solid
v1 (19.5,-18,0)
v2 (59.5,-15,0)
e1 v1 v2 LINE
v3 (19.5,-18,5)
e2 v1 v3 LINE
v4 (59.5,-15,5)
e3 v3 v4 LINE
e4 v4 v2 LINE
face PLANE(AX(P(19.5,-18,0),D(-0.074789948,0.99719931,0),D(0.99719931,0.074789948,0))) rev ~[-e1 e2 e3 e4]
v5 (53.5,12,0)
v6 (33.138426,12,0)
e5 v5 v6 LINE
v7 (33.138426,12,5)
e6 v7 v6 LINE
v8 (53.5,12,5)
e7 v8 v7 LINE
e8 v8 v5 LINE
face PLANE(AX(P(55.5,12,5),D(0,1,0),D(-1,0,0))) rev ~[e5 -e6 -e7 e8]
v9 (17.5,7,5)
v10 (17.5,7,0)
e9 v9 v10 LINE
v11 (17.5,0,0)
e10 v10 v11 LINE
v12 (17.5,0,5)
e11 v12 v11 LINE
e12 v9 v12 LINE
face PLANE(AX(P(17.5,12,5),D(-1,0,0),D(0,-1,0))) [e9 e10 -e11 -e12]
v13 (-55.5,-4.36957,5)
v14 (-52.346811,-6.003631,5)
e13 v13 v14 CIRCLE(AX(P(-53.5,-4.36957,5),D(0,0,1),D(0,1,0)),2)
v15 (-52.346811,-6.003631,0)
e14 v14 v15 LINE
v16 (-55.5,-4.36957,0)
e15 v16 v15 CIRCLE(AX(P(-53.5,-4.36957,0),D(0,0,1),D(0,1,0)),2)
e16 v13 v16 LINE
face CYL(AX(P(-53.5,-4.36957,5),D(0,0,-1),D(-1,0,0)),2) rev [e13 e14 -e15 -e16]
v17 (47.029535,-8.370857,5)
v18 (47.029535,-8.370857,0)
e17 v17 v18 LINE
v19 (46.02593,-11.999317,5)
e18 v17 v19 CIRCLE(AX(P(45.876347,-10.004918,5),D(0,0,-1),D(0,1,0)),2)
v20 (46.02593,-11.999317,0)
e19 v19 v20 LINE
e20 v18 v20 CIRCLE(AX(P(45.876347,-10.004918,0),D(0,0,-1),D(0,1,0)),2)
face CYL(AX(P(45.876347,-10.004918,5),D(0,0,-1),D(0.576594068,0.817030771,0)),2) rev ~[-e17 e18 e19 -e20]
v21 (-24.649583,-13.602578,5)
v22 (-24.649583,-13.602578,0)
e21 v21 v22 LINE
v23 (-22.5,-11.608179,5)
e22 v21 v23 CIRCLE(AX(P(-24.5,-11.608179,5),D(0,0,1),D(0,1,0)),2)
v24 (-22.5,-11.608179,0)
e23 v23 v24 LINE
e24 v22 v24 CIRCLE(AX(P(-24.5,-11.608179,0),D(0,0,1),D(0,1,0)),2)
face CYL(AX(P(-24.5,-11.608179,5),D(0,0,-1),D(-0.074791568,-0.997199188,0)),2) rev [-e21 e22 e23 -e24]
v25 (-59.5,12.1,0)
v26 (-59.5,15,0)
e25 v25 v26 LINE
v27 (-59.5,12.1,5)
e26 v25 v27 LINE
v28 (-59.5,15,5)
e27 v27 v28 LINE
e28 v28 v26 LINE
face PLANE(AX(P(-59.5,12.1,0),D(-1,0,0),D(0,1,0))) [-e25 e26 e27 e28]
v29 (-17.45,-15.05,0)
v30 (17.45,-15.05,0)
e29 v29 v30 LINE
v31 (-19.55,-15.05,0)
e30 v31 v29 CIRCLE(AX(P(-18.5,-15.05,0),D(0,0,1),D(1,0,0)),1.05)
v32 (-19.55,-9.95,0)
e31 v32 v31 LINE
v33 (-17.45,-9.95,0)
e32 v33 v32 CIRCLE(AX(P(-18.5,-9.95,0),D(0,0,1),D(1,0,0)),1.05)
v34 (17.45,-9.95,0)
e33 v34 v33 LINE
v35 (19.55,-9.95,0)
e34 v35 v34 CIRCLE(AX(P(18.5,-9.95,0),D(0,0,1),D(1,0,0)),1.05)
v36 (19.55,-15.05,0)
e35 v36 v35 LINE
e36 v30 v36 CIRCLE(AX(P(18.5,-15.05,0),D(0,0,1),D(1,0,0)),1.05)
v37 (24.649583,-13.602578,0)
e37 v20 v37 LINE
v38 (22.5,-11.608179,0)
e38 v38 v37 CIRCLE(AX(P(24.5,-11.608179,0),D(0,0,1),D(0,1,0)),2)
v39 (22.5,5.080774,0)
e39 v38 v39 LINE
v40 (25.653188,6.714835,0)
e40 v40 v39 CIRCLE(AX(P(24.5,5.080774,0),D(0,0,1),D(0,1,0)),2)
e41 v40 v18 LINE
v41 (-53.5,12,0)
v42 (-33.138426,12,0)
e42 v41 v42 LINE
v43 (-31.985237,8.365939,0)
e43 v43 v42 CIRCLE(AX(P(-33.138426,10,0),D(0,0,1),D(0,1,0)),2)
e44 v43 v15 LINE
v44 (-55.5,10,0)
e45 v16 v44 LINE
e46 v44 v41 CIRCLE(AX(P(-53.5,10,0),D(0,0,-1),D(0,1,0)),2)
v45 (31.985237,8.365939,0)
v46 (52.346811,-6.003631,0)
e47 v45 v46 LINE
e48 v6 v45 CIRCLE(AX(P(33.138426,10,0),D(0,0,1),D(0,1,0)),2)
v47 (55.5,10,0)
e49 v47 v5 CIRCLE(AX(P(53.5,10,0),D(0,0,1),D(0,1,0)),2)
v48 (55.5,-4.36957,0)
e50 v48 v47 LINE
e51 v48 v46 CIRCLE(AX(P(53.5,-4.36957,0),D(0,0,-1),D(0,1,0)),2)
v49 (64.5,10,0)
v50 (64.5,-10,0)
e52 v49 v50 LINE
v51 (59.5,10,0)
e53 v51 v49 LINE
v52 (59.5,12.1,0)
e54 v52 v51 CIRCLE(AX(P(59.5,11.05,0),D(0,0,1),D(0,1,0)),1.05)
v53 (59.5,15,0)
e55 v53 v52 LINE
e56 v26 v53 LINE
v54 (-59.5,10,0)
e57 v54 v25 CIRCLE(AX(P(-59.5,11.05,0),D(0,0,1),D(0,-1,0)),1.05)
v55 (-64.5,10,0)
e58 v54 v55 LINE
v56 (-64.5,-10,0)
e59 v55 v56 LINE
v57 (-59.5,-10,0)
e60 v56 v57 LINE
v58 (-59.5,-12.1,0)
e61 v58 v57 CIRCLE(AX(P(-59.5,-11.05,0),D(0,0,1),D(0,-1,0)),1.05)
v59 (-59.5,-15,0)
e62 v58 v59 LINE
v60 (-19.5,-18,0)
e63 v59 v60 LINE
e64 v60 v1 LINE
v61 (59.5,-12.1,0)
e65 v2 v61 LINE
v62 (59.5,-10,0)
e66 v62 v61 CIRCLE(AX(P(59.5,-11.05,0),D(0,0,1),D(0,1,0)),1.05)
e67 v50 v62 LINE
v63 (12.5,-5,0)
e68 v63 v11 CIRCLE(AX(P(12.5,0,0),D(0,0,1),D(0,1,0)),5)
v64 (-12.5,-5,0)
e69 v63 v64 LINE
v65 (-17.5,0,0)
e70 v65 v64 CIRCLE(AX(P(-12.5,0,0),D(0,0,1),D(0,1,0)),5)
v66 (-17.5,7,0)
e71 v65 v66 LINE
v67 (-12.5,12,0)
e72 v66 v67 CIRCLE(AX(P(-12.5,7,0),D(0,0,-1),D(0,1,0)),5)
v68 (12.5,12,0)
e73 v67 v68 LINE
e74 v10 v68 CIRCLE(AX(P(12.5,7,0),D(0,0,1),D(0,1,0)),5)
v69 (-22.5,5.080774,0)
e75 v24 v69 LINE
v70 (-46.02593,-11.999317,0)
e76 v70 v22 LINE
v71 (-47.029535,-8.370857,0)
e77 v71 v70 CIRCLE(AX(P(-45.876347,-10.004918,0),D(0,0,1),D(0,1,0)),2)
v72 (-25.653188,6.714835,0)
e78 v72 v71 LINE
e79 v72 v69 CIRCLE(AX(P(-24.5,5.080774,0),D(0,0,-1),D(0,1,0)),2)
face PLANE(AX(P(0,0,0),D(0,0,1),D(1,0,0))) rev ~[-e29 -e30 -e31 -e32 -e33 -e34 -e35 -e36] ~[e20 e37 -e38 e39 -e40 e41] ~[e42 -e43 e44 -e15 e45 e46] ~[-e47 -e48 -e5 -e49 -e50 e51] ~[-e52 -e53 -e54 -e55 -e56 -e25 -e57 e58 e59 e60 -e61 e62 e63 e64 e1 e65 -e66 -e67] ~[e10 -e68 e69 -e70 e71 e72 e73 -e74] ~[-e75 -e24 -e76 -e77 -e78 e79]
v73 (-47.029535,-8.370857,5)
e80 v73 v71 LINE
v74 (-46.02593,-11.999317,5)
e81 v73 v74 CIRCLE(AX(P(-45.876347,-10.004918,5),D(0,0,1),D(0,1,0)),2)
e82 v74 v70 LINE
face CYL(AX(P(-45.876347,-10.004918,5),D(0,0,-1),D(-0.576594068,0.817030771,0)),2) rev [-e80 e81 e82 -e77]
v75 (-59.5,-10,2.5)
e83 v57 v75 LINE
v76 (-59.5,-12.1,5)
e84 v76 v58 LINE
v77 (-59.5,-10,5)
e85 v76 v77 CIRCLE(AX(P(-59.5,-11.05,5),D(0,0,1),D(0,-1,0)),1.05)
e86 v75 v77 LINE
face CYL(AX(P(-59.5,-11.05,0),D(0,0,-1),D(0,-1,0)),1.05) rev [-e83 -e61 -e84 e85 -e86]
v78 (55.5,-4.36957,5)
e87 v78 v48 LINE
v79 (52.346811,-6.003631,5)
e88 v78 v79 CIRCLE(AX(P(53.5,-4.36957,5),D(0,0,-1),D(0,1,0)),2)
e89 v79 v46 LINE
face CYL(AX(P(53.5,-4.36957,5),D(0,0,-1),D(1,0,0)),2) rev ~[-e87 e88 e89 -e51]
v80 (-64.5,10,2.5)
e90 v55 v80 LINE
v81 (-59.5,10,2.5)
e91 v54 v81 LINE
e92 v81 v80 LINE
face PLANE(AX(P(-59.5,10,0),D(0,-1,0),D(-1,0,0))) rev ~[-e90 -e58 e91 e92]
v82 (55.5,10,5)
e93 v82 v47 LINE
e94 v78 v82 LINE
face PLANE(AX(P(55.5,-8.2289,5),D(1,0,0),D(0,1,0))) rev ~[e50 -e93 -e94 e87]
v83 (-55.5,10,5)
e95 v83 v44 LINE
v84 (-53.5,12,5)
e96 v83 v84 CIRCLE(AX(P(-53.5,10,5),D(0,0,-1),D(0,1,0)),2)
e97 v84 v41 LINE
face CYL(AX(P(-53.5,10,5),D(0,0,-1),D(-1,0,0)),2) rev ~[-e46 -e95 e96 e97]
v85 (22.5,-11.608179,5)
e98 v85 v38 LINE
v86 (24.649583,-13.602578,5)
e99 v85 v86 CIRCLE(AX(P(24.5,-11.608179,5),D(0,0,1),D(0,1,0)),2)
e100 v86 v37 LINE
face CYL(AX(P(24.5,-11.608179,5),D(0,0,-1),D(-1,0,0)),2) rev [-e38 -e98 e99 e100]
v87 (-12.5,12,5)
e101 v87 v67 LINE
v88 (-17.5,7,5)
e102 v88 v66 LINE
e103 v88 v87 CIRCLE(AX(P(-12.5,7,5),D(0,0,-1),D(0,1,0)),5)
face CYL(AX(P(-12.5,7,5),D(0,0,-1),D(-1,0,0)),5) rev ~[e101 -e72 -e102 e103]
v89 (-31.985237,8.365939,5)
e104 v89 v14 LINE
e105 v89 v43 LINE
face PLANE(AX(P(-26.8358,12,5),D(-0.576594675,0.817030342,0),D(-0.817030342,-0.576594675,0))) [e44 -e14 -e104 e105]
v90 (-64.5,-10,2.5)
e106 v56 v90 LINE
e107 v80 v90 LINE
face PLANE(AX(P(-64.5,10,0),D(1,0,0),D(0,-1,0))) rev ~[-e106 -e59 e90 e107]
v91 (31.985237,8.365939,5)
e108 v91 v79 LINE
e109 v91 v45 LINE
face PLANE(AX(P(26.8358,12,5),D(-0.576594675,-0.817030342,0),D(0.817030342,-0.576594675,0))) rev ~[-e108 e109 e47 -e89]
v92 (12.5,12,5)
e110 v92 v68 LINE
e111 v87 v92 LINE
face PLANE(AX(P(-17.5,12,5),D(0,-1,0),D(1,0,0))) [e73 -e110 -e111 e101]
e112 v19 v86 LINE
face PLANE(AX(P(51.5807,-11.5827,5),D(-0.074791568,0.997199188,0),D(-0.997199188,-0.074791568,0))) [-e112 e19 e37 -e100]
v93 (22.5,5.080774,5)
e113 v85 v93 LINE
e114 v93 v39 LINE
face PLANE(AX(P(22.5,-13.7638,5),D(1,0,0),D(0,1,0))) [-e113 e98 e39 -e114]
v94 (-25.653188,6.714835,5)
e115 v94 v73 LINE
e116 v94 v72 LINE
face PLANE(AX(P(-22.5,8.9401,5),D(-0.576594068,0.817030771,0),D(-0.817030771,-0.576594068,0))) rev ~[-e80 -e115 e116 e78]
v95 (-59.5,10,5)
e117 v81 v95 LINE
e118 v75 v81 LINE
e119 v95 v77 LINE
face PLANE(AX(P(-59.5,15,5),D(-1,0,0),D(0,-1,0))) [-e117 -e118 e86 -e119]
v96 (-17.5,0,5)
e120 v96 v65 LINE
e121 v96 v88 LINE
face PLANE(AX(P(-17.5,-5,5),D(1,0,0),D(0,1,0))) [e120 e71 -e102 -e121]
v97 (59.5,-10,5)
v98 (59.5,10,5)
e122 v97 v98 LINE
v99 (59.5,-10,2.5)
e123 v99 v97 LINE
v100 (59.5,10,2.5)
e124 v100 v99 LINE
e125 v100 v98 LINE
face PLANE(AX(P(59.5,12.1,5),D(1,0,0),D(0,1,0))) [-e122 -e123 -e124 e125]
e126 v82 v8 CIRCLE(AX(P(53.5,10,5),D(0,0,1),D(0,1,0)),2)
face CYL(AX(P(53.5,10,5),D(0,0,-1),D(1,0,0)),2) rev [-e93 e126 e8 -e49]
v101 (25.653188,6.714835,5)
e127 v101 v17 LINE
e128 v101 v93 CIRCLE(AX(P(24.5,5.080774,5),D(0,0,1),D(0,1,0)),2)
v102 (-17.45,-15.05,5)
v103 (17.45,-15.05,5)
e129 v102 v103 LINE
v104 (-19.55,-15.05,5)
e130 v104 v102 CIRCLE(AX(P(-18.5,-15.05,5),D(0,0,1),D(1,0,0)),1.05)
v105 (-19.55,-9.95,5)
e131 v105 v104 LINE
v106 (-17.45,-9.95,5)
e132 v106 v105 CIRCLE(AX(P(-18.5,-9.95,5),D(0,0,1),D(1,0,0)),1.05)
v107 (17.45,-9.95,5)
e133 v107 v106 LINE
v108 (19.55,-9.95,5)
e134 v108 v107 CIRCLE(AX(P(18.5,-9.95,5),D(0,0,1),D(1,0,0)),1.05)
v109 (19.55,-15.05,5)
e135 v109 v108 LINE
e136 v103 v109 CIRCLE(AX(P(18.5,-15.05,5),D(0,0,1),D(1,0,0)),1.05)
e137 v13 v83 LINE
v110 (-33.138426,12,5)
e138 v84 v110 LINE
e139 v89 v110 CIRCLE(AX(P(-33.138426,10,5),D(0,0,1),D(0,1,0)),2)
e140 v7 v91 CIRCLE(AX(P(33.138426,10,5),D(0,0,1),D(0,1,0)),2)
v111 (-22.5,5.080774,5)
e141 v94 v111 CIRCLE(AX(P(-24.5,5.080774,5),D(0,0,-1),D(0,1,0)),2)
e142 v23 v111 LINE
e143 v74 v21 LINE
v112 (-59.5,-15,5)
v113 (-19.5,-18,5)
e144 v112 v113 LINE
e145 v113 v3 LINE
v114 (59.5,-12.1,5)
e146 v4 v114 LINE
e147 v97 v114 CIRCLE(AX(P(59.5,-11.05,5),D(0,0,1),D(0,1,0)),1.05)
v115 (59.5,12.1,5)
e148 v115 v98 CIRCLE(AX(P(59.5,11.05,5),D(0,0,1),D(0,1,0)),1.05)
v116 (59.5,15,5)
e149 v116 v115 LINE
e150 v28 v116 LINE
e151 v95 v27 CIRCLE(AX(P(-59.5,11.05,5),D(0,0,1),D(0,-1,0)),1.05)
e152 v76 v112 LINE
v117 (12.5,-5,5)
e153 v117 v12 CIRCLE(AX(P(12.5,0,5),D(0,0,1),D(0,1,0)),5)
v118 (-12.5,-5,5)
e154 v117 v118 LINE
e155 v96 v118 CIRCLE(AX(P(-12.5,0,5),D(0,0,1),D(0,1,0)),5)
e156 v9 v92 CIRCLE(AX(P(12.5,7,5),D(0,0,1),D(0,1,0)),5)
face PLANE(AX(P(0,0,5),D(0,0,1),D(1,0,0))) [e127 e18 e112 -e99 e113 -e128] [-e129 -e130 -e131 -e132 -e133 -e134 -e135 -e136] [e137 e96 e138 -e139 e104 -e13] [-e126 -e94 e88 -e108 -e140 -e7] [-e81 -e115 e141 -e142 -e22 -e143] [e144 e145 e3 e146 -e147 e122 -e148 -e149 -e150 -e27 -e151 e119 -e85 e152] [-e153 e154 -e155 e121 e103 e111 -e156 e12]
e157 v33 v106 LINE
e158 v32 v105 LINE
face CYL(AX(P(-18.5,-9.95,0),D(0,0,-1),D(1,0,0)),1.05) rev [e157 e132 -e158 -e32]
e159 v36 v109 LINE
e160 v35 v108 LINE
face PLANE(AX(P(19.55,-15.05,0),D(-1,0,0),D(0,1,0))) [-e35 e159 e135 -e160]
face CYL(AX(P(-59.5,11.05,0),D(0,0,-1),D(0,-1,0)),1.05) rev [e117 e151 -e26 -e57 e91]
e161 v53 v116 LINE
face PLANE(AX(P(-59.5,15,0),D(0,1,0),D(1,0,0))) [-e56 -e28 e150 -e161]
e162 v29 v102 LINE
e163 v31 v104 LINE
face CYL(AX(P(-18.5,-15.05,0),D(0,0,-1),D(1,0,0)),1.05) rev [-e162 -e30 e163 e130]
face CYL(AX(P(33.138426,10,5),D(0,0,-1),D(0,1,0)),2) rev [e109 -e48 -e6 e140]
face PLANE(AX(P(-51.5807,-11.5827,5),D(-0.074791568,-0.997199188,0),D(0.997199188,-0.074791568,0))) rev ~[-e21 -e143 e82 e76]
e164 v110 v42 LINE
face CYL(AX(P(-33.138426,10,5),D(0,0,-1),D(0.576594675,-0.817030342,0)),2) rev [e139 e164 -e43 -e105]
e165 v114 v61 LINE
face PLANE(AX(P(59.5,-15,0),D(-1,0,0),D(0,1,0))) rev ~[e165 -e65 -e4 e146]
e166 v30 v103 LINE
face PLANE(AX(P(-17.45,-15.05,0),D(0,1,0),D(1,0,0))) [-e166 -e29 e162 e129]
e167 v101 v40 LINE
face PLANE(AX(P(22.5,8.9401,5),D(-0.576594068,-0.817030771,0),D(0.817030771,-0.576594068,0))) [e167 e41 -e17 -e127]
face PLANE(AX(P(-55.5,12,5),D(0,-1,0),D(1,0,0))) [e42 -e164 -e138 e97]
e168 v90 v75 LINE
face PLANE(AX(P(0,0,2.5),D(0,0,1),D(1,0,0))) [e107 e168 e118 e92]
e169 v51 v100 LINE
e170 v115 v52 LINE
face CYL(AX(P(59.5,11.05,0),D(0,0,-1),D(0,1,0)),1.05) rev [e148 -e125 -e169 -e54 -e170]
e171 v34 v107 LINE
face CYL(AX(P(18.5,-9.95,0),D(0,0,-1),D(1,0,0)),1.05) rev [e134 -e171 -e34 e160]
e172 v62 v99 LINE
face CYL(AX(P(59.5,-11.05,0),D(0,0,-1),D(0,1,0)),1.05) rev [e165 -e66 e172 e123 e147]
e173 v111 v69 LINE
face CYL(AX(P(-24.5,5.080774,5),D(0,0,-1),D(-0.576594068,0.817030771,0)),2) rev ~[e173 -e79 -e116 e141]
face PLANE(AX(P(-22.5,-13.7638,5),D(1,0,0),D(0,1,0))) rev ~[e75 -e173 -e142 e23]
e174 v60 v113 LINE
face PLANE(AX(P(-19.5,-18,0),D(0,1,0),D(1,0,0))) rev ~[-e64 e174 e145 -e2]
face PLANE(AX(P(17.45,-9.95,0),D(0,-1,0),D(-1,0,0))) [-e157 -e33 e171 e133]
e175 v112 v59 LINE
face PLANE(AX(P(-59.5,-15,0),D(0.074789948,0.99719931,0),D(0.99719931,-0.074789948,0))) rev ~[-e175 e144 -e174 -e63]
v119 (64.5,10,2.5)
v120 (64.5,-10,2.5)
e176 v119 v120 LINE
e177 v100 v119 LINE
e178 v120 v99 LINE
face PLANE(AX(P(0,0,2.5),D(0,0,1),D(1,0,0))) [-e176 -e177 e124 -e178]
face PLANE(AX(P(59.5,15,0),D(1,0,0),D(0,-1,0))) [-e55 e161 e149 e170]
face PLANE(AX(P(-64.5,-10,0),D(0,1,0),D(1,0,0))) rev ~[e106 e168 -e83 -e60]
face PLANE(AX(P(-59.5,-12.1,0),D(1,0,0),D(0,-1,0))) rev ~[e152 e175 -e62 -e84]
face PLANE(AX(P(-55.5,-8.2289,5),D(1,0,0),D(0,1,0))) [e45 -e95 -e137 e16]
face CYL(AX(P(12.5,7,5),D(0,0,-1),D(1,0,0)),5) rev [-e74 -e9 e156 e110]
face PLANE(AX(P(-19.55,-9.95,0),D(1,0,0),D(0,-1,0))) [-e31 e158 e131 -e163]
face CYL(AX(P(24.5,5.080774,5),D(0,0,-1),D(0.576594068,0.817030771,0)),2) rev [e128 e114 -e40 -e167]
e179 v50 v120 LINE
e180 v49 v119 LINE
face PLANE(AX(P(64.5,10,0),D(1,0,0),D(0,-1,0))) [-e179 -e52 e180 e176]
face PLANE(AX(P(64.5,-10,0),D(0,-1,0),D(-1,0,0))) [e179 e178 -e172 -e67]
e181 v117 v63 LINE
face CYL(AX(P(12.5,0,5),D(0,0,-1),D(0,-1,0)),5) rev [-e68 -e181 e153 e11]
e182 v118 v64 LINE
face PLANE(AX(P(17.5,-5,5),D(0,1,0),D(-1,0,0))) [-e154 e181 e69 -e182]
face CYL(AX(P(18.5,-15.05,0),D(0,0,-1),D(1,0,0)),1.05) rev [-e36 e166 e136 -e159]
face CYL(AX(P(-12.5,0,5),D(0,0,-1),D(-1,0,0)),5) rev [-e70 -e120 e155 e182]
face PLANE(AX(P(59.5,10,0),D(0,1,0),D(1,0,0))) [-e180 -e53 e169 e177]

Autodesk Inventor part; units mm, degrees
ref_plane "YZ Plane" through (0, 0, 0) normal (1, 0, 0) x (0, 1, 0)
ref_plane "XZ Plane" through (0, 0, 0) normal (0, 1, 0) x (-1, 0, 0)
ref_plane "XY Plane" through (0, 0, 0) normal (0, 0, 1) x (1, 0, 0)
sketch "スケッチ1" plane through (0, 0, 0) normal (0, 0, 1) x (1, 0, 0)
  line L0 (-59.5, -15) -> (59.5, -15) construction
  line L1 (59.5, -15) -> (59.5, 15) construction
  line L2 (59.5, 15) -> (-59.5, 15) construction
  line L3 (-59.5, 15) -> (-59.5, -15) construction
  line L4 (-59.5, -15) -> (59.5, 15) construction
  line L5 (59.5, -15) -> (-59.5, 15) construction
  line L6 (-59.5, 12.1) -> (-59.5, 15)
  line L7 (-59.5, 15) -> (59.5, 15)
  line L8 (59.5, 15) -> (59.5, 12.1)
  line L9 (-59.5, -12.1) -> (-59.5, -15)
  line L10 (59.5, -15) -> (59.5, -12.1)
  line L11 (-59.5, 10) -> (-64.5, 10)
  line L12 (-64.5, 10) -> (-64.5, -10)
  line L13 (-64.5, -10) -> (-59.5, -10)
  arc A0 (-59.5, 10) -> (-59.5, 12.1) centre (-59.5, 11.05) ccw
  line L14 (0, 0) -> (0, 15) construction
  line L15 (0, 0) -> (-59.5, 0) construction
  arc A1 (-59.5, -12.1) -> (-59.5, -10) centre (-59.5, -11.05) ccw
  line L16 (59.5, 10) -> (64.5, 10)
  line L17 (64.5, 10) -> (64.5, -10)
  line L18 (64.5, -10) -> (59.5, -10)
  arc A2 (59.5, 12.1) -> (59.5, 10) centre (59.5, 11.05) ccw
  arc A3 (59.5, -10) -> (59.5, -12.1) centre (59.5, -11.05) ccw
  line L19 (-59.5, -15) -> (-19.5, -18)
  line L20 (-19.5, -18) -> (19.5, -18)
  line L21 (19.5, -18) -> (59.5, -15)
  line L22 (-19.5, -10) -> (19.5, -10) construction
  line L23 (19.5, -10) -> (19.5, -15) construction
  line L24 (19.5, -15) -> (-19.5, -15) construction
  line L25 (-19.5, -15) -> (-19.5, -10) construction
  line L26 (19.55, -9.95) -> (-19.55, -9.95)
  line L27 (-19.55, -9.95) -> (-19.55, -15.05)
  line L28 (-19.55, -15.05) -> (19.55, -15.05)
  line L29 (19.55, -15.05) -> (19.55, -9.95)
  circle A4 centre (-18.5, -9.95) radius 1.05
  circle A5 centre (-18.5, -15.05) radius 1.05
  circle A6 centre (18.5, -9.95) radius 1.05
  circle A7 centre (18.5, -15.05) radius 1.05
  dimension "d9" = 2.1
  dimension "d0" = 119
  dimension "d1" = 30
  dimension "d2" = 1.05
  dimension "d3" = 20
  dimension "d4" = 5
  dimension "d5" = 5
  dimension "d6" = 0.05
  dimension "d7" = 39
  dimension "d8" = 3
extrude "押し出し1" add sketch "スケッチ1" along normal blind 5
sketch "スケッチ2" plane through (0, 0, 5) normal (0, 0, 1) x (1, 0, 0)
  line L0 (59.5, 12.1) -> (59.5, 15) projected
  line L1 (-59.5, 15) -> (-59.5, 12.1) projected
  line L2 (65.6261, 13.972) -> (59.5, 13.972)
  line L3 (59.5, 13.972) -> (59.5, -16.1)
  line L4 (59.5, -16.1) -> (65.6261, -16.1)
  line L5 (65.6261, -16.1) -> (65.6261, 13.972)
  line L6 (-65.8886, -16.1) -> (-59.5, -16.1)
  line L7 (-59.5, -16.1) -> (-59.5, 18.3327)
  line L8 (-59.5, 18.3327) -> (-65.8886, 18.3327)
  line L9 (-65.8886, 18.3327) -> (-65.8886, -16.1)
  point P0 (0, 0)
extrude "押し出し2" cut sketch "スケッチ2" against normal blind 2.5
sketch "スケッチ8" plane through (0, 0, 5) normal (0, 0, 1) x (1, 0, 0)
  line L0 (59.5, 15) -> (-59.5, 15) projected
  line L1 (-59.5, 10) -> (-59.5, -10) projected
  line L2 (-59.5, -15) -> (-19.5, -18) projected
  line L3 (17.45, -15.05) -> (-17.45, -15.05) projected
  arc A0 (-19.55, -15.05) -> (-17.45, -15.05) centre (-18.5, -15.05) ccw projected
  line L4 (-19.55, -15.05) -> (-19.55, -9.95) projected
  arc A1 (-17.45, -9.95) -> (-19.55, -9.95) centre (-18.5, -9.95) ccw projected
  line L5 (-17.45, -9.95) -> (17.45, -9.95) projected
  arc A2 (19.55, -9.95) -> (17.45, -9.95) centre (18.5, -9.95) ccw projected
  line L6 (19.55, -9.95) -> (19.55, -15.05) projected
  arc A3 (17.45, -15.05) -> (19.55, -15.05) centre (18.5, -15.05) ccw projected
  line L7 (-55.5, 12) -> (-22.5, 12) construction
  line L8 (-22.5, 12) -> (-22.5, -13.7638) construction
  line L9 (-22.5, -13.7638) -> (-55.5, -11.2888) construction
  line L10 (-55.5, -11.2888) -> (-55.5, 12) construction
  line L11 (17.5013, -10) -> (-17.5013, -10) construction
  arc A4 (-17.5013, -10) -> (-19.5, -9.95) centre (-18.5, -9.95) ccw construction
  line L12 (-19.5, -9.95) -> (-19.5, -15.05) construction
  arc A5 (-19.5, -15.05) -> (-17.5013, -15) centre (-18.5, -15.05) ccw construction
  line L13 (-17.5013, -15) -> (17.5013, -15) construction
  arc A6 (17.5013, -15) -> (19.5, -15.05) centre (18.5, -15.05) ccw construction
  line L14 (19.5, -15.05) -> (19.5, -9.95) construction
  arc A7 (19.5, -9.95) -> (17.5013, -10) centre (18.5, -9.95) ccw construction
  line L15 (-17.5, 12) -> (17.5, 12)
  line L16 (17.5, 12) -> (17.5, -5)
  line L17 (17.5, -5) -> (-17.5, -5)
  line L18 (-17.5, -5) -> (-17.5, 12)
  line L19 (0, 0) -> (0, 15) construction
  line L20 (-22.5, 12) -> (-55.5, -11.2888) construction
  line L21 (-55.5, 12) -> (-26.8358, 12)
  line L22 (-26.8358, 12) -> (-55.5, -8.2289)
  line L23 (-55.5, -8.2289) -> (-55.5, 12)
  line L24 (-51.5807, -11.5827) -> (-22.5, -13.7638)
  line L25 (-22.5, -13.7638) -> (-22.5, 8.9401)
  line L26 (-22.5, 8.9401) -> (-51.5807, -11.5827)
  line L27 (55.5, 12) -> (22.5, 12) construction
  line L28 (22.5, 12) -> (22.5, -13.7638) construction
  line L29 (22.5, -13.7638) -> (55.5, -11.2888) construction
  line L30 (55.5, -11.2888) -> (55.5, 12) construction
  line L31 (22.5, 12) -> (55.5, -11.2888) construction
  line L32 (55.5, 12) -> (26.8358, 12)
  line L33 (26.8358, 12) -> (55.5, -8.2289)
  line L34 (55.5, -8.2289) -> (55.5, 12)
  line L35 (51.5807, -11.5827) -> (22.5, -13.7638)
  line L36 (22.5, -13.7638) -> (22.5, 8.9401)
  line L37 (22.5, 8.9401) -> (51.5807, -11.5827)
  dimension "d51" = 4
  dimension "d52" = 3
  dimension "d53" = 0.05
  dimension "d54" = 3
  dimension "d55" = 4
  dimension "d56" = 5
  dimension "d57" = 5
  dimension "d58" = 5
extrude "押し出し6" cut sketch "スケッチ8" against normal blind 10 contours L15 L16 L17 L18 | L21 L22 L23 | L26 L25 L24 | L34 L33 L32 | L35 L36 L37
fillet "フィレット4" radius 2 12 edges at (-55.5, 12, 2.5) (-55.5, -8.2289, 2.5) (-26.8358, 12, 2.5) (-22.5, 8.9401, 2.5) (-51.5807, -11.5827, 2.5) (-22.5, -13.7638, 2.5) (22.5, 8.9401, 2.5) (26.8358, 12, 2.5) (55.5, -8.2289, 2.5) (55.5, 12, 2.5) (22.5, -13.7638, 2.5) (51.5807, -11.5827, 2.5)
fillet "フィレット4" radius 5 4 edges at (-17.5, -5, 2.5) (-17.5, 12, 2.5) (17.5, 12, 2.5) (17.5, -5, 2.5)
properties part number "コックピット_サブフレーム_1_6" material "アセタール樹脂、黒"
